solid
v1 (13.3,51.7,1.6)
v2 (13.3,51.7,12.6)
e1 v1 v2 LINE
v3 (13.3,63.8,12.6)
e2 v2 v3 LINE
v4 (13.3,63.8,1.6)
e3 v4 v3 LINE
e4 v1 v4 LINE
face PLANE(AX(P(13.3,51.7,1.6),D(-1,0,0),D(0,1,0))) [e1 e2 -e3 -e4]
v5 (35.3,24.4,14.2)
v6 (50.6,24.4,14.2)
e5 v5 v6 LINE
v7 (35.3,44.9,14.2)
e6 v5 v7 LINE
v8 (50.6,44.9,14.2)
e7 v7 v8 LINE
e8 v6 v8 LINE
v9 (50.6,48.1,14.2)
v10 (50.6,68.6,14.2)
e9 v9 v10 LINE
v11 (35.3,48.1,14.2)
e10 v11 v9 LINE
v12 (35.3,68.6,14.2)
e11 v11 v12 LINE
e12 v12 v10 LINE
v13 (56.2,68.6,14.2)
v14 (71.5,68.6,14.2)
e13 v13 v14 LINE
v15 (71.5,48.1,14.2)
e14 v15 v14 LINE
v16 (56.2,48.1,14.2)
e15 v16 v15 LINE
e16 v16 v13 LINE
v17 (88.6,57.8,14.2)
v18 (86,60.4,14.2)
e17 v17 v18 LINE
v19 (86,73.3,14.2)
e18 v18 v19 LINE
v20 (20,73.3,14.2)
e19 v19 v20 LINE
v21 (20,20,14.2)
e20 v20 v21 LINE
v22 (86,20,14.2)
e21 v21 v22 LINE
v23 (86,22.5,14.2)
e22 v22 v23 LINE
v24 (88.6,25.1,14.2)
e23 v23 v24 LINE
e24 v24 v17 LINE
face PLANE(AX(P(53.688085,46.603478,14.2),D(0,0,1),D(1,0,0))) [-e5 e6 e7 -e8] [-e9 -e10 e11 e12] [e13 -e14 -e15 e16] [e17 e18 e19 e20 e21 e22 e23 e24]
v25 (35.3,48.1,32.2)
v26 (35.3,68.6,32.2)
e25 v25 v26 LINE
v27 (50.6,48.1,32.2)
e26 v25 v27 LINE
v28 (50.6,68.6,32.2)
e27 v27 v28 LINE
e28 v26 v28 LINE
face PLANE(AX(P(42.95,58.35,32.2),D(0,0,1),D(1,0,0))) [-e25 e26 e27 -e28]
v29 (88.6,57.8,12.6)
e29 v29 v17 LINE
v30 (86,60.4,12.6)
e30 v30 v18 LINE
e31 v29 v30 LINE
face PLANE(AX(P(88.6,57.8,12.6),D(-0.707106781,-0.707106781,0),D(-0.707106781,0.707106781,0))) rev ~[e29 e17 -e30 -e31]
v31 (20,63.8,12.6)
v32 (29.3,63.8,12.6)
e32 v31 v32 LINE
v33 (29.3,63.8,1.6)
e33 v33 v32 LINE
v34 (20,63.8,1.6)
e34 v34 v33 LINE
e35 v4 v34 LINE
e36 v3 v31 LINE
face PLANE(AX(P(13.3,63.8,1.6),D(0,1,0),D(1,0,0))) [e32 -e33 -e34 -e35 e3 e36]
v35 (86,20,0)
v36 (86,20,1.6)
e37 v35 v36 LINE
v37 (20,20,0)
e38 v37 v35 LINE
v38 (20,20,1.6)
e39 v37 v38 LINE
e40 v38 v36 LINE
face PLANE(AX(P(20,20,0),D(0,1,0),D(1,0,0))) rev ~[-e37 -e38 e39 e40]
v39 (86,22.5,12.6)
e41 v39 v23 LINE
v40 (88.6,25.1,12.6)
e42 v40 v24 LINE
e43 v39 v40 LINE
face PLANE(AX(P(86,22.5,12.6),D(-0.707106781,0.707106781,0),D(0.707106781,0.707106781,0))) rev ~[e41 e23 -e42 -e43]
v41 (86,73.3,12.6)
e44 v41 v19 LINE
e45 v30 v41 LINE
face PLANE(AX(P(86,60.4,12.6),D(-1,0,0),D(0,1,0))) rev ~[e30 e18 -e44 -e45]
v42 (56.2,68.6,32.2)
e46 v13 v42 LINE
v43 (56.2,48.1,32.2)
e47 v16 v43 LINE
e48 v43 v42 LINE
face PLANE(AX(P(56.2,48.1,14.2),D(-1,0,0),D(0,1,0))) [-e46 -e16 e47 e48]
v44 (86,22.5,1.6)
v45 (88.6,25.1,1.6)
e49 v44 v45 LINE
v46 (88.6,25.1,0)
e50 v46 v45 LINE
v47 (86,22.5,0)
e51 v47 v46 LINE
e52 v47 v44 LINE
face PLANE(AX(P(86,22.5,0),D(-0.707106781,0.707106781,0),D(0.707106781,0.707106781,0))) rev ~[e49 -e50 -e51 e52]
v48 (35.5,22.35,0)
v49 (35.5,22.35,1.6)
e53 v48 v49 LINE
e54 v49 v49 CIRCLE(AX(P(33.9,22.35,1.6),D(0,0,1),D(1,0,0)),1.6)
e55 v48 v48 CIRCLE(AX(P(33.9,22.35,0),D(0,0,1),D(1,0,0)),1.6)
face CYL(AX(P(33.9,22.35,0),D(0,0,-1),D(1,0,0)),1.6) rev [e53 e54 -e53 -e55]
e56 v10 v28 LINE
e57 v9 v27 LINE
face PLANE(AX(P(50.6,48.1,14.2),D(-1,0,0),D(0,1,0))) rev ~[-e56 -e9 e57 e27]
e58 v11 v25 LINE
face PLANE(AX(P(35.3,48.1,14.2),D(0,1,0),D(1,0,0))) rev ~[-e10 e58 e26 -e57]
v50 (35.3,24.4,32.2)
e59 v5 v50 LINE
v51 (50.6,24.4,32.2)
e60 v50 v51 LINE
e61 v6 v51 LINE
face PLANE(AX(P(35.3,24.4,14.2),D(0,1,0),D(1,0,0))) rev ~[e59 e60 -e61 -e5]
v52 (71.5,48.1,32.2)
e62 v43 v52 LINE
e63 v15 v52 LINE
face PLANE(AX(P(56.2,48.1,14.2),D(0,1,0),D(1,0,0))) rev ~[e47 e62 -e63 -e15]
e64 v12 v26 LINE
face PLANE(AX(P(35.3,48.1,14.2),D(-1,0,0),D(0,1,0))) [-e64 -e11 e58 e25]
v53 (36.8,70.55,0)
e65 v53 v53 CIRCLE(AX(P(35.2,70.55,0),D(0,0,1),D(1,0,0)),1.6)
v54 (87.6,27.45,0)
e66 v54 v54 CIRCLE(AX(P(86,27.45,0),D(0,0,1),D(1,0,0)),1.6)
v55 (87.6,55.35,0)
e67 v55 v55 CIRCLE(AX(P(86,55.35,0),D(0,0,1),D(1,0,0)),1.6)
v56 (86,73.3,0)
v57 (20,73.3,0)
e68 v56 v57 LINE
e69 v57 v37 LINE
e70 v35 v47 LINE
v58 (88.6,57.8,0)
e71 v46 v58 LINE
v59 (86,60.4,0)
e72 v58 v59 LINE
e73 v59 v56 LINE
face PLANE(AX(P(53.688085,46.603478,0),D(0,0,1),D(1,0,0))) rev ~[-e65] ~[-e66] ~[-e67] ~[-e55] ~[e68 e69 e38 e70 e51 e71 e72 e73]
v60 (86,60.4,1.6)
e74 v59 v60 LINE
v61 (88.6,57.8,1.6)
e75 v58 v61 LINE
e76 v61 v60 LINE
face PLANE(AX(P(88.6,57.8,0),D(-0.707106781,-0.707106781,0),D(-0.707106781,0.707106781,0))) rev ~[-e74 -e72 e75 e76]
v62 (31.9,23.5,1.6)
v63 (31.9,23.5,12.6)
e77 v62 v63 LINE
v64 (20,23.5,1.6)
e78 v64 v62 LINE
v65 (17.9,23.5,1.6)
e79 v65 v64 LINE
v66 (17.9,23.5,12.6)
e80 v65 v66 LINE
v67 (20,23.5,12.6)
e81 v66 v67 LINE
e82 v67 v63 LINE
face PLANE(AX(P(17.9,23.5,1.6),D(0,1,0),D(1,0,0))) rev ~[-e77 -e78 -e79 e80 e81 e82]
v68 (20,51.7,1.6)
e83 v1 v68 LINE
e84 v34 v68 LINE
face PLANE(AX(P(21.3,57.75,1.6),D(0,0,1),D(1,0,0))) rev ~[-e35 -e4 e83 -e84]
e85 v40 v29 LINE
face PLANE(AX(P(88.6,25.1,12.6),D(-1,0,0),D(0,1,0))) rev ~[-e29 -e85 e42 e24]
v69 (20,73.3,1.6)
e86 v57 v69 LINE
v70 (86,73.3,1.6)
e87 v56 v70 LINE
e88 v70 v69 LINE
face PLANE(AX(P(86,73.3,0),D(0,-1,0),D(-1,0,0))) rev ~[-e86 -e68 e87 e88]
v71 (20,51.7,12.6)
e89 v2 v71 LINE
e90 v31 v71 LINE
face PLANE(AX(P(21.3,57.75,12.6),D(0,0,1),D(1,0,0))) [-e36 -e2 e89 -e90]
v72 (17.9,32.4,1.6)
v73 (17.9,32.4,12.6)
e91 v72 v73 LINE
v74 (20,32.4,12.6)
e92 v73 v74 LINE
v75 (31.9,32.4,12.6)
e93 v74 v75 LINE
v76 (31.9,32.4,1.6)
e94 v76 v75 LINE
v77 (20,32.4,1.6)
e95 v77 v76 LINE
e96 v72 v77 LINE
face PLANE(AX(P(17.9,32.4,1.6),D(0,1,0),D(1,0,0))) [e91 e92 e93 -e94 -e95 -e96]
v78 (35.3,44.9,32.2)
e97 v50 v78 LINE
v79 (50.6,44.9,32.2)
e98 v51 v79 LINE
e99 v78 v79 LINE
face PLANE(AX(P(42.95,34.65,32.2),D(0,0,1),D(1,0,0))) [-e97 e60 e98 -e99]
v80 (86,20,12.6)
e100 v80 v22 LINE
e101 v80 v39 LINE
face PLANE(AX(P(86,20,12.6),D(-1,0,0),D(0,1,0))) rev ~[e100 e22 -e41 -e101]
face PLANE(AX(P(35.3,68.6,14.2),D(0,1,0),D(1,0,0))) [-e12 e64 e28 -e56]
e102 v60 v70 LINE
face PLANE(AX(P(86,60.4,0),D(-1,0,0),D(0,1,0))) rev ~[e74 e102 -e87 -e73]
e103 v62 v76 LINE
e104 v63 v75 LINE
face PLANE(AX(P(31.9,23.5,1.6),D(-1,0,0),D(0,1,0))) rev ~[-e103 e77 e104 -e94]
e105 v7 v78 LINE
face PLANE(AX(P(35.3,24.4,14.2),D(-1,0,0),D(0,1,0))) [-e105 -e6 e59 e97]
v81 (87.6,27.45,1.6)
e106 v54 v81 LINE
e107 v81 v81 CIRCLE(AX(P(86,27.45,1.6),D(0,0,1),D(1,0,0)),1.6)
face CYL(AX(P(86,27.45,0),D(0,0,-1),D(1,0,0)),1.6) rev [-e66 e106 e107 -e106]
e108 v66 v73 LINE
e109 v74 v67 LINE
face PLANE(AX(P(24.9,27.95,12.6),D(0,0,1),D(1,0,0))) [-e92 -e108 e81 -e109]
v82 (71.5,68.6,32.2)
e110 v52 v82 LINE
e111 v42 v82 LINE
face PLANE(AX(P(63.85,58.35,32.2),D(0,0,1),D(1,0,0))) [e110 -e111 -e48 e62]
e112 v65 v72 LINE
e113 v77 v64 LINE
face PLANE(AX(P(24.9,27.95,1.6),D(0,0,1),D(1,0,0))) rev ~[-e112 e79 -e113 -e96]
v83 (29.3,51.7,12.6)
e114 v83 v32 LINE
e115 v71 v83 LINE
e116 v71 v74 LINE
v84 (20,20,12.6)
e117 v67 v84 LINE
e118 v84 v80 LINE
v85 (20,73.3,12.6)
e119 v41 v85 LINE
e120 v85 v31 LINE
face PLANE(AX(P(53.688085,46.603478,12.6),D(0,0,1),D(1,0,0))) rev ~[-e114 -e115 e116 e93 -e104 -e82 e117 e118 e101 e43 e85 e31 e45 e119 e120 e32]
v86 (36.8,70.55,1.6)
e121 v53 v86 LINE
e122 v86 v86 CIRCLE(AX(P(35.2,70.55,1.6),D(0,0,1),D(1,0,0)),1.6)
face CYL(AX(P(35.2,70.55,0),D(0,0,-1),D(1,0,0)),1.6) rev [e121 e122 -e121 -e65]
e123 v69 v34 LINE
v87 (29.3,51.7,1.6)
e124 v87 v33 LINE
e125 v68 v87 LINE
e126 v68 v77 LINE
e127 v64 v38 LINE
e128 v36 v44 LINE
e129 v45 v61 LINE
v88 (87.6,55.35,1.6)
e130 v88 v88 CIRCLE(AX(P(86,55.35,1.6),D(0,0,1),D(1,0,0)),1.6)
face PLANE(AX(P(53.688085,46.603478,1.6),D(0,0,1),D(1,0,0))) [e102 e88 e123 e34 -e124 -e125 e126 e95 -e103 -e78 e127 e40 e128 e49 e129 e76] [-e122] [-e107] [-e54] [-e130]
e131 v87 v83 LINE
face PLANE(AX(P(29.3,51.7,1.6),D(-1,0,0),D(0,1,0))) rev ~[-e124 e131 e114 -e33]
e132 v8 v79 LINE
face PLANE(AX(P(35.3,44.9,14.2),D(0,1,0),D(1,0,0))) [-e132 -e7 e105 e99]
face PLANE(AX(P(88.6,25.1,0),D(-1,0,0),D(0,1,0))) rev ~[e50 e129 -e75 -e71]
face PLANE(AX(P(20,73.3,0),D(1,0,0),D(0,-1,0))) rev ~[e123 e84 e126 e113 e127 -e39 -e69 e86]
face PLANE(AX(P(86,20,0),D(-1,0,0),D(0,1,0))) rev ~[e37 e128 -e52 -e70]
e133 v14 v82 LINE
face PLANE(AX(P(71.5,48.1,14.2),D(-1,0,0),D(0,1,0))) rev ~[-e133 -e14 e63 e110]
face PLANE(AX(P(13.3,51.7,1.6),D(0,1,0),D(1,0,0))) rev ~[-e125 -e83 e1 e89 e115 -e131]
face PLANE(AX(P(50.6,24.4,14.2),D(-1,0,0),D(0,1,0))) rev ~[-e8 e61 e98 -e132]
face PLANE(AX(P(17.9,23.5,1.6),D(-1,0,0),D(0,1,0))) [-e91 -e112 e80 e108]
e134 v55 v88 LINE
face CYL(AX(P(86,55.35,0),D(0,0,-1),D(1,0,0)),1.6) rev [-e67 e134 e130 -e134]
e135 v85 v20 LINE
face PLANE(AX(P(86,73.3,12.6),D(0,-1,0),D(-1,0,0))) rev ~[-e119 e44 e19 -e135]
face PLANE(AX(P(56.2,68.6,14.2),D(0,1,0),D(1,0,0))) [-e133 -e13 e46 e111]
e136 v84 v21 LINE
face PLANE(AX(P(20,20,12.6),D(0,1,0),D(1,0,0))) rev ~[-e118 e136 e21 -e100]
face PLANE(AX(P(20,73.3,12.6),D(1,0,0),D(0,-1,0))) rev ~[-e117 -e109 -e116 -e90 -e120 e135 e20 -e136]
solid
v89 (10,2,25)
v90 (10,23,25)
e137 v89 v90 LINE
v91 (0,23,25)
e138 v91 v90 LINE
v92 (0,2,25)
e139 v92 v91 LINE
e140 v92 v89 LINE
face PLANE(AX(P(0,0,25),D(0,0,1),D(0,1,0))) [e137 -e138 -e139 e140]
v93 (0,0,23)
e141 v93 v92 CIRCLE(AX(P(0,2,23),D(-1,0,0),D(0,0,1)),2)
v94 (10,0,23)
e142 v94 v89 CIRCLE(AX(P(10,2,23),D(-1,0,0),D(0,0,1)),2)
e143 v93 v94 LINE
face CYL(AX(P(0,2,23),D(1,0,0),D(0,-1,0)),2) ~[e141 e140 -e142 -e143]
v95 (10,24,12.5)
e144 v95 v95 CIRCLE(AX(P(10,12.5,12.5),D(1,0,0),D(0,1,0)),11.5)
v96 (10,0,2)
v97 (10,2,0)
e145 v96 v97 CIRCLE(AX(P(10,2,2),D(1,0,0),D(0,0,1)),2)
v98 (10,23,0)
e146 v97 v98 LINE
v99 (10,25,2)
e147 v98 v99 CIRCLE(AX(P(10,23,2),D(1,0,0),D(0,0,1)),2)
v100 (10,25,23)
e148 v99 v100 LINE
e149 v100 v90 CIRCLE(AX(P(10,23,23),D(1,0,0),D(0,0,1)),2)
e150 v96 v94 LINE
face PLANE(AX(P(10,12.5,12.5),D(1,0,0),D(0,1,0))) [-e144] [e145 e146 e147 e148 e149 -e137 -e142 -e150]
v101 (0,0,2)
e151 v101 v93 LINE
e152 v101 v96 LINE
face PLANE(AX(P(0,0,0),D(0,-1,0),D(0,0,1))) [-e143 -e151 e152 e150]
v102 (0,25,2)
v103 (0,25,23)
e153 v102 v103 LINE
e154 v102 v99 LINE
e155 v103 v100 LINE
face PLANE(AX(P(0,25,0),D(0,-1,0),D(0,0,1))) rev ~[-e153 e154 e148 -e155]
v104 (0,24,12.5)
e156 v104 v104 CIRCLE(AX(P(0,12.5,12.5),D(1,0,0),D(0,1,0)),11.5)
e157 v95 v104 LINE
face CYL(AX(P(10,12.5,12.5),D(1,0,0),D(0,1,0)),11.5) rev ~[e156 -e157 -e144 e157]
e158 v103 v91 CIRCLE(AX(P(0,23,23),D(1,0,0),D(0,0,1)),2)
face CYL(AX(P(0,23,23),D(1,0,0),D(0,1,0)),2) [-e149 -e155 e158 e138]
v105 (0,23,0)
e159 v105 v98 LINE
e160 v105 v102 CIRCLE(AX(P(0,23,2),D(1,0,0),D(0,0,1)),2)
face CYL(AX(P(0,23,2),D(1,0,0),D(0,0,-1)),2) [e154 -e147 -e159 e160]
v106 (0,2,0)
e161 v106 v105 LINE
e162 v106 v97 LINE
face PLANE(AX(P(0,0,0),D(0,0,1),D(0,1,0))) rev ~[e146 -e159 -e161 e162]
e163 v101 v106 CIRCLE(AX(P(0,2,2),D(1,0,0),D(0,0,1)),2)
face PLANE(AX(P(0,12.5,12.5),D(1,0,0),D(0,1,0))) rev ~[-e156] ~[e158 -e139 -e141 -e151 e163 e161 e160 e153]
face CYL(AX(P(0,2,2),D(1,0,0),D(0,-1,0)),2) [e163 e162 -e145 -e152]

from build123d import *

# Parameters (mm, degrees)
SKETCH_R      = 1.6
PAD_DEPTH     = 1.6
SKETCH001_W   = 14
SKETCH001_H   = 8.9
SKETCH001_W_2 = 16
SKETCH001_H_2 = 12.1
PAD001_DEPTH  = 11
PAD002_DEPTH  = 1.6
SKETCH003_W   = 15.3
SKETCH003_H   = 20.5
PAD003_DEPTH  = 18
SKETCH004_W   = 25
SKETCH004_H   = 25
PAD004_DEPTH  = 10
FILLET_R      = 2
SKETCH006_R   = 11.5
POCKET_DEPTH  = 10.001


with BuildPart() as board:
    # Sketch → Pad (new body)
    with BuildSketch(Plane.XY):
        Polygon((20, 73.3), (20, 20), (86, 20), (86, 22.5), (88.6, 25.1), (88.6, 57.8), (86, 60.4), (86, 73.3), align=None)
        with Locations((33.9, 22.35)):
            Circle(SKETCH_R, mode=Mode.SUBTRACT)
        with Locations((86, 27.45)):
            Circle(SKETCH_R, mode=Mode.SUBTRACT)
        with Locations((86, 55.35)):
            Circle(SKETCH_R, mode=Mode.SUBTRACT)
        with Locations((35.2, 70.55)):
            Circle(SKETCH_R, mode=Mode.SUBTRACT)
    extrude(amount=PAD_DEPTH)

    # Sketch001 (on Face14 of Pad) → Pad001 (join)
    with BuildSketch(Plane.XY.offset(1.6)):
        with Locations((24.9, 27.95)):
            Rectangle(SKETCH001_W, SKETCH001_H)
        with Locations((21.3, 57.75)):
            Rectangle(SKETCH001_W_2, SKETCH001_H_2)
    extrude(amount=PAD001_DEPTH)

    # Sketch002 (on Face26 of Pad001) → Pad002 (join)
    with BuildSketch(Plane.XY.offset(12.6)):
        Polygon((20, 73.3), (20, 20), (86, 20), (86, 22.5), (88.6, 25.1), (88.6, 57.8), (86, 60.4), (86, 73.3), align=None)
    extrude(amount=PAD002_DEPTH)

    # Sketch003 (on Face36 of Pad002) → Pad003 (join)
    with BuildSketch(Plane.XY.offset(14.2)):
        with Locations((42.95, 58.35)):
            Rectangle(SKETCH003_W, SKETCH003_H)
        with Locations((63.85, 58.35)):
            Rectangle(SKETCH003_W, SKETCH003_H)
        with Locations((42.95, 34.65)):
            Rectangle(SKETCH003_W, SKETCH003_H)
    extrude(amount=PAD003_DEPTH)


with BuildPart() as fan:
    # Sketch004 → Pad004 (new body)
    with BuildSketch(Plane.YZ):
        with Locations((12.5, 12.5)):
            Rectangle(SKETCH004_W, SKETCH004_H)
    extrude(amount=PAD004_DEPTH)

    # Fillet
    fillet_edges = [fan.edges().sort_by_distance(p)[0] for p in [
        (5, 0, 25),
        (5, 25, 25),
        (5, 0, 0),
        (5, 25, 0),
    ]]
    fillet(fillet_edges, radius=FILLET_R)

    # Sketch006 (on Face5 of Fillet) → Pocket (cut, through all)
    with BuildSketch(Plane.YZ.offset(10)):
        with Locations((12.5, 12.5)):
            Circle(SKETCH006_R)
    extrude(amount=-POCKET_DEPTH, mode=Mode.SUBTRACT)


solid = Compound([board.part, fan.part])
